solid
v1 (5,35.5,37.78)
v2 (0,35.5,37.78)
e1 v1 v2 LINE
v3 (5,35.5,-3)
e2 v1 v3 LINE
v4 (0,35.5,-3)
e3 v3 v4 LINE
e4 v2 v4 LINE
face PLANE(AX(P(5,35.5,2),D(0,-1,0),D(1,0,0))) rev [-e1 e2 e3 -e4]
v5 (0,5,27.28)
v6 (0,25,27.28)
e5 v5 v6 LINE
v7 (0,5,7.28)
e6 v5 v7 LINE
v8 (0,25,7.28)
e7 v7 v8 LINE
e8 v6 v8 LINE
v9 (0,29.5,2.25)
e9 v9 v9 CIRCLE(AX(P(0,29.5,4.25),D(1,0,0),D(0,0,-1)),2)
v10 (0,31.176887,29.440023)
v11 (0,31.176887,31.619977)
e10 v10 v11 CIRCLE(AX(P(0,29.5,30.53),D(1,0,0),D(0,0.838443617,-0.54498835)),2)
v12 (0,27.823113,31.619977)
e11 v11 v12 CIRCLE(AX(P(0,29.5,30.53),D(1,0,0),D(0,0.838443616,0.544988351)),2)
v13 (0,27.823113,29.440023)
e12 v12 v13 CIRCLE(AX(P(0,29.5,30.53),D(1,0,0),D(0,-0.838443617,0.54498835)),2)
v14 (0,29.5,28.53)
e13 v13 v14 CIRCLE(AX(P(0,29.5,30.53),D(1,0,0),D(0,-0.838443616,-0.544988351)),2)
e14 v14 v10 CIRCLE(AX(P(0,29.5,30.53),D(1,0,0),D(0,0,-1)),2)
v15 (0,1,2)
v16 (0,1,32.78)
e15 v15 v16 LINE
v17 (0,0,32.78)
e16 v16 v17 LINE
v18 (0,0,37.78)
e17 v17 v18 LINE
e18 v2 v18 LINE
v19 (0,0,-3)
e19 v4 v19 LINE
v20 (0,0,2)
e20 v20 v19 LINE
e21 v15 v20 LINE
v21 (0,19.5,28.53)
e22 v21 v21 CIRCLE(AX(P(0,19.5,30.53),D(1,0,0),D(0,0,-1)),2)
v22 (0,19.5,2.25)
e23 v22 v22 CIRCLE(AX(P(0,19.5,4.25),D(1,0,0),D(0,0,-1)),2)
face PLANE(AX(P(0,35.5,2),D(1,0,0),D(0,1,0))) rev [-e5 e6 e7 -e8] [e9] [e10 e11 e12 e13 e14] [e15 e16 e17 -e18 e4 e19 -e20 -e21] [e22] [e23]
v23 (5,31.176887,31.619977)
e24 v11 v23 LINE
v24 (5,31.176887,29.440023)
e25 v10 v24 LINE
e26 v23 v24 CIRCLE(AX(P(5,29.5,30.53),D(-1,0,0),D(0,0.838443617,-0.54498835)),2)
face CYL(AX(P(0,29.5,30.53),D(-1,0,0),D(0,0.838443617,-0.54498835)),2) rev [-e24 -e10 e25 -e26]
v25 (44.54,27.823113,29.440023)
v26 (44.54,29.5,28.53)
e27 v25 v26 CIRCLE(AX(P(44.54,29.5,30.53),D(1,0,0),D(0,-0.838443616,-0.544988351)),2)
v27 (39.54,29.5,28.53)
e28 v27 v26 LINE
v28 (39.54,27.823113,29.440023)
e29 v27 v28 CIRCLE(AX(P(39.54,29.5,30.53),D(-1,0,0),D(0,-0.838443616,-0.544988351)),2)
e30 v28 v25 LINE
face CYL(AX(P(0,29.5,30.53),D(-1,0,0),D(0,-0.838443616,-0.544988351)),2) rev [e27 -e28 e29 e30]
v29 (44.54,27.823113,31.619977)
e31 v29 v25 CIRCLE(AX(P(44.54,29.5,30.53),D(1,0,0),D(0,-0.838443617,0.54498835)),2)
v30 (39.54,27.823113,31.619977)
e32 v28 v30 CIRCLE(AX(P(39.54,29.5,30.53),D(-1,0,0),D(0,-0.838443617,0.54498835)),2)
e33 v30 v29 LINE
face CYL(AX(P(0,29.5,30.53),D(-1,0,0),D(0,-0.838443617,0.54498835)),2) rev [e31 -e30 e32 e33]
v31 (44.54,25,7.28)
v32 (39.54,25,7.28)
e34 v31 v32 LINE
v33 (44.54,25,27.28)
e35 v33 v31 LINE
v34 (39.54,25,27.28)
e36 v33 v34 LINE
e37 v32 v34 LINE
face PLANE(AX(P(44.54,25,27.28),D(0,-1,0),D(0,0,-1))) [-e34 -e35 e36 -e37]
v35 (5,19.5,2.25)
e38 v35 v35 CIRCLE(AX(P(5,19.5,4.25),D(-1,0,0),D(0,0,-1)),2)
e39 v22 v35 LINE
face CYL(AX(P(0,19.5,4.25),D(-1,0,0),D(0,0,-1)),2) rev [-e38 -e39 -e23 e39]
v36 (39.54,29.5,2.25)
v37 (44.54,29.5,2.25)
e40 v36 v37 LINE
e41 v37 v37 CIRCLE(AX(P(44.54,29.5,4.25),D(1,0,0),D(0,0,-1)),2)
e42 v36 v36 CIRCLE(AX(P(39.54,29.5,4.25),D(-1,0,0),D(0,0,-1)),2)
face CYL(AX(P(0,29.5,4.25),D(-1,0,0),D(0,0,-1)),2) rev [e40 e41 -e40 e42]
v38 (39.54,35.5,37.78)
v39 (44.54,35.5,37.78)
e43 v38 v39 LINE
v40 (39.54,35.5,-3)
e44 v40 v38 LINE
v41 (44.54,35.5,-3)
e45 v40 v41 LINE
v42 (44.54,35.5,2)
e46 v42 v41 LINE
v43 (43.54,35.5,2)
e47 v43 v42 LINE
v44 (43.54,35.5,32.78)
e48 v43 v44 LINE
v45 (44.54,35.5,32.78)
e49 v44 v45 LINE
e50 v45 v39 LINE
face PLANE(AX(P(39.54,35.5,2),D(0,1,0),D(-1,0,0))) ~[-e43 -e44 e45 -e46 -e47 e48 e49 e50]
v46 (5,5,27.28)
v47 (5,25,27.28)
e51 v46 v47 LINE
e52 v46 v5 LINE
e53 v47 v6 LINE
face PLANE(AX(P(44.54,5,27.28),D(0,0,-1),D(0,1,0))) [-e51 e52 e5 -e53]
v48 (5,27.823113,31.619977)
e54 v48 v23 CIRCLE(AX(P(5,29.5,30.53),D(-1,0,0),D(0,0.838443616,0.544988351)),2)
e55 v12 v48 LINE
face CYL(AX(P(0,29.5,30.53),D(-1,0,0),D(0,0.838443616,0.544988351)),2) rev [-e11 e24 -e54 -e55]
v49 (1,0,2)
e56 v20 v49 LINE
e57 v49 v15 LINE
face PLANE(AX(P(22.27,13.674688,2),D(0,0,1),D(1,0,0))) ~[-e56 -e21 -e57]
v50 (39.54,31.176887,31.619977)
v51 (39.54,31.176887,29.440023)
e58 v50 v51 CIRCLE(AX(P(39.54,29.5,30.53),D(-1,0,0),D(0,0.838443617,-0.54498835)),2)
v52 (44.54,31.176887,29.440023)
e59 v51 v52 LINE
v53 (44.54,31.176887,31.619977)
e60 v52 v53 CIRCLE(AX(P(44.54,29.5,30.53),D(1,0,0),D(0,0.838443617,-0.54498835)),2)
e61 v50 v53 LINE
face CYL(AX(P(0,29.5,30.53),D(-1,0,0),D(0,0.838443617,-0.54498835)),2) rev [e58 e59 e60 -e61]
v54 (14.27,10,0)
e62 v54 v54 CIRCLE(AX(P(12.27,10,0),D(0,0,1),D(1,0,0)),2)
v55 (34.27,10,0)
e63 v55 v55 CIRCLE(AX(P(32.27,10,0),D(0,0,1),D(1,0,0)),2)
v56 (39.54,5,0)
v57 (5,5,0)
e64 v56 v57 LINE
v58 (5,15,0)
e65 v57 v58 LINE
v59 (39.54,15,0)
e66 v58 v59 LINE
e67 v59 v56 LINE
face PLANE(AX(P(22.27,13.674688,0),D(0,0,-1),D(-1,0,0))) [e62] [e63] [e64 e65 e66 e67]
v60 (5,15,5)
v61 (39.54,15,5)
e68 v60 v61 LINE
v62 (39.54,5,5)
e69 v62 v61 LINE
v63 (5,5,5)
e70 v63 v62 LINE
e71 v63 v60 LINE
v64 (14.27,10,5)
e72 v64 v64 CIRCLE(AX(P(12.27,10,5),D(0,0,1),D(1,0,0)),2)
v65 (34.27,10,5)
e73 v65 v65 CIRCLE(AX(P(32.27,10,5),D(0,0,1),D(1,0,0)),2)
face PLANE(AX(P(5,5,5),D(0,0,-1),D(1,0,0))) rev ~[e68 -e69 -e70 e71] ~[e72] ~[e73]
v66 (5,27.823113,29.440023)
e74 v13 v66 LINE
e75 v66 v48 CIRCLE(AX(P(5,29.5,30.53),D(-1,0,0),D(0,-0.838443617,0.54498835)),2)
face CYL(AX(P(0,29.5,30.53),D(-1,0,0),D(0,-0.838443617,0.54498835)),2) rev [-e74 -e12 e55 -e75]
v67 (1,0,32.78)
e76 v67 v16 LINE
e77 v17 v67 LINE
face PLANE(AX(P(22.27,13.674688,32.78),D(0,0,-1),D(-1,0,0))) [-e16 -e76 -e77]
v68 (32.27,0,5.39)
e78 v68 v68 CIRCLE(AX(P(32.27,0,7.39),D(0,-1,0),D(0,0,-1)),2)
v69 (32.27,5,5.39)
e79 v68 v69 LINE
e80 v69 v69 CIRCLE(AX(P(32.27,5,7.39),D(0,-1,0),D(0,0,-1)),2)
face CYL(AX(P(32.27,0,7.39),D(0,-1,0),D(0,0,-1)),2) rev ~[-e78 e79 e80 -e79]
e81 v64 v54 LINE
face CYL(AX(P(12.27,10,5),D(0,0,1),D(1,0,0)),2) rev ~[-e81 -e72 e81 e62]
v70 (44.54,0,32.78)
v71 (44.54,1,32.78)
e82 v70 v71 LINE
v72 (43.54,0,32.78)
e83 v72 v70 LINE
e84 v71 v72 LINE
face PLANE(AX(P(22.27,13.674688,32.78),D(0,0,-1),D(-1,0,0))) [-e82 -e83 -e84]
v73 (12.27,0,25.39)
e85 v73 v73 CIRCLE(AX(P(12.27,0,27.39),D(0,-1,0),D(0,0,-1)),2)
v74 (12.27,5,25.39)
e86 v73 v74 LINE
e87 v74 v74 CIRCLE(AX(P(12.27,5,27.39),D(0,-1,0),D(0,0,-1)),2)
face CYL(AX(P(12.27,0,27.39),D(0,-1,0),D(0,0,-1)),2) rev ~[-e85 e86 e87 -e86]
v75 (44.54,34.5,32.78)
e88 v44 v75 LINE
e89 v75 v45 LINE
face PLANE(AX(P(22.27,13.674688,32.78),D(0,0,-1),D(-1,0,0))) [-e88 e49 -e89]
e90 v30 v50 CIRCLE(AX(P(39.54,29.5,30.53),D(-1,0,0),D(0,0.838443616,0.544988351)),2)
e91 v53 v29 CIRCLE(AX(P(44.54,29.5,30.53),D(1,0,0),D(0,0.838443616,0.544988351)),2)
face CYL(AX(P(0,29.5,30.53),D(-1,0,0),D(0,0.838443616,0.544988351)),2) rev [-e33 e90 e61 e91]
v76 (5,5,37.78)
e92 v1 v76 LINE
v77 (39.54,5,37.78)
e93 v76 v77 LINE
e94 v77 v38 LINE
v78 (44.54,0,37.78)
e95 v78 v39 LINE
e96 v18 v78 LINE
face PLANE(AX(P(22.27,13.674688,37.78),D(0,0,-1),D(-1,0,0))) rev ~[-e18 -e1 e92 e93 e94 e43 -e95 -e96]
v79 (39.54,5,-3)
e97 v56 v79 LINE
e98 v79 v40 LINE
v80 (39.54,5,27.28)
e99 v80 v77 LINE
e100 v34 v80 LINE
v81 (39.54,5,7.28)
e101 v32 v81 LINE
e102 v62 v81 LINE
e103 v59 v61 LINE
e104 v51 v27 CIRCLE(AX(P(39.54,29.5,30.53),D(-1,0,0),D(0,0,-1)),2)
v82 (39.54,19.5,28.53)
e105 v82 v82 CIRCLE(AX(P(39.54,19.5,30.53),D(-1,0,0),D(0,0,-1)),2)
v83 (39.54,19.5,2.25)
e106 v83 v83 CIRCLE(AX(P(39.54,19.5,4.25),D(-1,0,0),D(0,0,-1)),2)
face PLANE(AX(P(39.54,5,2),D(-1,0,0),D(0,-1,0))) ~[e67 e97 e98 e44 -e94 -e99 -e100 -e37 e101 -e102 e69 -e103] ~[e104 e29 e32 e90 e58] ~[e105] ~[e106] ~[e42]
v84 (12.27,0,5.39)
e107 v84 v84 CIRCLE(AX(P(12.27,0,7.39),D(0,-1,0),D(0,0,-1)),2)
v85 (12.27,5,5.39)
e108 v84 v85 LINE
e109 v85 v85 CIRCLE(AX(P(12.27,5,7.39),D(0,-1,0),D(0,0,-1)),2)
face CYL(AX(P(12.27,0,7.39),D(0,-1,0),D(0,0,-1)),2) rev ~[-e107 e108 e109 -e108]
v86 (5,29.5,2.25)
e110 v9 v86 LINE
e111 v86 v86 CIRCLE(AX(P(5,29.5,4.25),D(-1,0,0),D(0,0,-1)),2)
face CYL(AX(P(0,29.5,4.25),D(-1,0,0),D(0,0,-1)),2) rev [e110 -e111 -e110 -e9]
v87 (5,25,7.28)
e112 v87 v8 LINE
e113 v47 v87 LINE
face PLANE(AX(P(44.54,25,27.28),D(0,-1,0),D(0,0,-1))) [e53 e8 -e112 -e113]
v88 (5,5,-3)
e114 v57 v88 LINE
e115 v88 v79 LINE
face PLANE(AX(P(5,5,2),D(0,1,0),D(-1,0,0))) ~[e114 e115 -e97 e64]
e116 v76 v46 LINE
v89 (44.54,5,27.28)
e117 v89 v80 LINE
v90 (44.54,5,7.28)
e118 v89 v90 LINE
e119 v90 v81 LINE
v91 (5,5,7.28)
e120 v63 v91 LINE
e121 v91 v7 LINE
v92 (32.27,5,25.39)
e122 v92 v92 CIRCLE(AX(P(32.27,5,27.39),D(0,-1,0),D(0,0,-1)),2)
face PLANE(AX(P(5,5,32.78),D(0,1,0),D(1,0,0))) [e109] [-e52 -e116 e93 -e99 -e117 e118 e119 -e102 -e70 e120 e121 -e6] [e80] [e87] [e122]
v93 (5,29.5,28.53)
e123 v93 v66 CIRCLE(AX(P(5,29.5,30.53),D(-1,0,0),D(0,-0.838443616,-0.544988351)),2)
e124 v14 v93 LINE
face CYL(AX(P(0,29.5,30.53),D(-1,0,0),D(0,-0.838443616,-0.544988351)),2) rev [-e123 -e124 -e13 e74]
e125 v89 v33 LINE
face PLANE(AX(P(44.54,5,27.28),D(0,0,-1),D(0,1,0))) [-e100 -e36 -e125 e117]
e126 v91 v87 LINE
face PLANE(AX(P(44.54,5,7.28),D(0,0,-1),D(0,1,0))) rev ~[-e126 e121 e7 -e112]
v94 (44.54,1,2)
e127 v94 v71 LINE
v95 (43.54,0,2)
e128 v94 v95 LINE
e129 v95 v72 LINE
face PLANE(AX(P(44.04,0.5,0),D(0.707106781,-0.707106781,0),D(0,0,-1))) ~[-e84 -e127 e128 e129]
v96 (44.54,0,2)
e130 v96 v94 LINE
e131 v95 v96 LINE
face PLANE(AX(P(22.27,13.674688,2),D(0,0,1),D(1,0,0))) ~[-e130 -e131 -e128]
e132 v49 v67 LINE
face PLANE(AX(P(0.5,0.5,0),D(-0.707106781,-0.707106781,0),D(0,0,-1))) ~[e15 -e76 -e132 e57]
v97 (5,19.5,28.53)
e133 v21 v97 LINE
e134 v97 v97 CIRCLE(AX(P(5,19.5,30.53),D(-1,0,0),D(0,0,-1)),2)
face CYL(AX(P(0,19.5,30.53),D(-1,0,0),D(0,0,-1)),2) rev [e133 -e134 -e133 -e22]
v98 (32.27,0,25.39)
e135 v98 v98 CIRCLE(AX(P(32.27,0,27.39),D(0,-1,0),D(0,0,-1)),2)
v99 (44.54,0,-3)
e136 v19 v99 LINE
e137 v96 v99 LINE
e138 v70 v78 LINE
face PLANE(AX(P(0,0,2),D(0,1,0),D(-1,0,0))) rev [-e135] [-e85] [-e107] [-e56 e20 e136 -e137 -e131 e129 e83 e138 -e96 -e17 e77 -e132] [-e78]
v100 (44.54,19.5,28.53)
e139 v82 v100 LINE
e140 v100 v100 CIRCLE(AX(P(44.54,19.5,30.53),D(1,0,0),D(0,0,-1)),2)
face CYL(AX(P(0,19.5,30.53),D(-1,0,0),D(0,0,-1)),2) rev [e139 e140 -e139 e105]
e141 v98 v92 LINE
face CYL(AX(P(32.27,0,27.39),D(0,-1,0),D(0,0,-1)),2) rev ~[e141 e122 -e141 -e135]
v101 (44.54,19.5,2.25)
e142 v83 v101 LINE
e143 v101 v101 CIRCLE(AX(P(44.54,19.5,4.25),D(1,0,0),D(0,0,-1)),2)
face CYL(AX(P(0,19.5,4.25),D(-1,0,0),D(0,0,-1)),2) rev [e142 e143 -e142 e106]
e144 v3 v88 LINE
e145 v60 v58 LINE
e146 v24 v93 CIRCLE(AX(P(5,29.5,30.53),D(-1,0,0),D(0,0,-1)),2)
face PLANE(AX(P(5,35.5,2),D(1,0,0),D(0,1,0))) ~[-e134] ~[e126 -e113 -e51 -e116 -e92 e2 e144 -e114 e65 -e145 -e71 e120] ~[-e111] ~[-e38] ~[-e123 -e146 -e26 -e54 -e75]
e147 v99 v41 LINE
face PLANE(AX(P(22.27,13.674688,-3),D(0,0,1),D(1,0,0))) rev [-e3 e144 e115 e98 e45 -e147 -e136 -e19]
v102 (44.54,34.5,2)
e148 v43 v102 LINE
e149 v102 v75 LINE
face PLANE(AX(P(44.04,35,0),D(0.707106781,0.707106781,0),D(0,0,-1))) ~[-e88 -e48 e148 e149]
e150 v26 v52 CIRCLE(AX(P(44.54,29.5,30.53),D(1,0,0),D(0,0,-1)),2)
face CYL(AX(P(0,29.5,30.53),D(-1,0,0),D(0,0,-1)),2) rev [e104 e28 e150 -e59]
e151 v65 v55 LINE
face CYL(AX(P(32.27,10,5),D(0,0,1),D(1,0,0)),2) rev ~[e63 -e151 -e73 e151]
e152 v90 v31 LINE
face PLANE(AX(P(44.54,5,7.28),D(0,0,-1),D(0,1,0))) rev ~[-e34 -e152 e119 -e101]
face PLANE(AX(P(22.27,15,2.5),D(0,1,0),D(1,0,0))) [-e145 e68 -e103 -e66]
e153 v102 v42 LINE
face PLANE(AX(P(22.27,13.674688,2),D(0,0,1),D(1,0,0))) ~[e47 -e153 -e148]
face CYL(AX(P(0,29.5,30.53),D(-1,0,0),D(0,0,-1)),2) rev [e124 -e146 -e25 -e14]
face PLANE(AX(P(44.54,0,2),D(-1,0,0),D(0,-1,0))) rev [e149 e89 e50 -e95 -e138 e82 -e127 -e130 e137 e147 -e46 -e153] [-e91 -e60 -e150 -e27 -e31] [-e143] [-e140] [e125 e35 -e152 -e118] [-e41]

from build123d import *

# Parameters (mm, degrees)
EXTRUDE_2_DEPTH     = 34.78
CUT_EXTRUDE_1_REACH = 68.736
SKETCH_2_W          = 20
SKETCH_2_H          = 20
CHAMFER_1_SIZE      = 1
CUT_EXTRUDE_START   = -44.54
SKETCH_3_R          = 2
CUT_EXTRUDE_2_DEPTH = 44.54
SKETCH_4_R          = 2
CUT_EXTRUDE_3_DEPTH = 5
SKETCH_6_W          = 34.54
SKETCH_6_H          = 5
EXTRUDE_3_DEPTH     = 10
SKETCH_8_R          = 2
CUT_EXTRUDE_4_DEPTH = 5
EXTRUDE_START       = -2
EXTRUDE_4_DEPTH     = 5


with BuildPart() as part:
    # 草图1 → 凸台-拉伸2 (new body)
    with BuildSketch(Plane.XY):
        Polygon((0, 0), (0, 35.5), (5, 35.5), (5, 5), (39.54, 5), (39.54, 35.5), (44.54, 35.5), (44.54, 0), align=None)
    extrude(amount=EXTRUDE_2_DEPTH)

    # 切除-拉伸1: up to this face of the body (flat: up to its plane)
    cut_extrude_1_end = Plane(part.part.faces().sort_by_distance((0, 17.75, 17.39))[0])
    # 草图2 → 切除-拉伸1 (cut, up to the picked face)
    with BuildSketch(Plane(origin=(44.54, 0, 0), x_dir=(0, 0, -1), z_dir=(1, 0, 0)), mode=Mode.PRIVATE) as cut_extrude_1_sk1:
        with Locations((-17.28, 15)):
            Rectangle(SKETCH_2_W, SKETCH_2_H)
    cut_extrude_1_tool1 = split(extrude(cut_extrude_1_sk1.sketch, amount=-CUT_EXTRUDE_1_REACH, mode=Mode.PRIVATE), bisect_by=cut_extrude_1_end, keep=Keep.BOTH, mode=Mode.PRIVATE)
    add(cut_extrude_1_tool1.solids().sort_by(Axis((44.54, 15, 17.28), (-1, 0, 0)))[0], mode=Mode.SUBTRACT)

    # 倒角1
    chamfer_1_edges = [part.edges().sort_by_distance(p)[0] for p in [
        (44.54, 17.75, 0),
        (22.27, 0, 0),
        (0, 0, 17.39),
        (44.54, 35.5, 17.39),
        (44.54, 0, 17.39),
        (0, 17.75, 34.78),
        (22.27, 0, 34.78),
        (0, 17.75, 0),
        (44.54, 17.75, 34.78),
    ]]
    chamfer(chamfer_1_edges, length=CHAMFER_1_SIZE)

    # 草图3 → 切除-拉伸2 (cut)
    with BuildSketch(Plane(origin=(44.54, 0, 0), x_dir=(0, 0, -1), z_dir=(1, 0, 0)).offset(CUT_EXTRUDE_START)):
        with Locations((-30.53, 19.5)):
            Circle(SKETCH_3_R)
        with Locations((-4.25, 19.5)):
            Circle(SKETCH_3_R)
        with Locations((-4.25, 29.5)):
            Circle(SKETCH_3_R)
        with BuildLine():
            ThreePointArc((-31.619976701, 31.176887233), (-32.53, 29.5), (-31.619976701, 27.823112767))
            Line((-31.619976701, 27.823112767), (-30.53, 29.5))
            Line((-30.53, 29.5), (-31.619976701, 31.176887233))
        make_face()
        with BuildLine():
            Line((-30.53, 29.5), (-31.619976701, 27.823112767))
            ThreePointArc((-31.619976701, 27.823112767), (-30.53, 27.5), (-29.440023299, 27.823112767))
            Line((-29.440023299, 27.823112767), (-30.53, 29.5))
        make_face()
        with BuildLine():
            Line((-30.53, 29.5), (-29.440023299, 27.823112767))
            ThreePointArc((-29.440023299, 27.823112767), (-28.772167044, 28.546048587), (-28.53, 29.5))
            ThreePointArc((-28.53, 29.5), (-28.772167044, 30.453951413), (-29.440023299, 31.176887233))
            Line((-29.440023299, 31.176887233), (-30.53, 29.5))
        make_face()
        with BuildLine():
            ThreePointArc((-29.440023299, 31.176887233), (-30.53, 31.5), (-31.619976701, 31.176887233))
            Line((-31.619976701, 31.176887233), (-30.53, 29.5))
            Line((-30.53, 29.5), (-29.440023299, 31.176887233))
        make_face()
    extrude(amount=CUT_EXTRUDE_2_DEPTH, mode=Mode.SUBTRACT)

    # 草图4 → 切除-拉伸3 (cut)
    with BuildSketch(Plane.XZ):
        with Locations(Location((12.27, 7.39, 0), (0, 0, 270))):
            Circle(SKETCH_4_R)
        with Locations(Location((12.27, 27.39, 0), (0, 0, 270))):
            Circle(SKETCH_4_R)
        with Locations(Location((32.27, 27.39, 0), (0, 0, 270))):
            Circle(SKETCH_4_R)
        with Locations(Location((32.27, 7.39, 0), (0, 0, 270))):
            Circle(SKETCH_4_R)
    extrude(amount=-CUT_EXTRUDE_3_DEPTH, mode=Mode.SUBTRACT)

    # 草图6 → 凸台-拉伸3 (add)
    with BuildSketch(Plane(origin=(0, 5, 0), x_dir=(1, 0, 0), z_dir=(0, 1, 0))):
        with Locations((22.27, -2.5)):
            Rectangle(SKETCH_6_W, SKETCH_6_H)
    extrude(amount=EXTRUDE_3_DEPTH)

    # 草图8 → 切除-拉伸4 (cut)
    with BuildSketch(Plane.XY.offset(5)):
        with Locations((12.27, 10)):
            Circle(SKETCH_8_R)
        with Locations((32.27, 10)):
            Circle(SKETCH_8_R)
    extrude(amount=-CUT_EXTRUDE_4_DEPTH, mode=Mode.SUBTRACT)

    # 草图9 → 凸台-拉伸4 (add)
    with BuildSketch(Plane.XY.offset(34.78).offset(EXTRUDE_START)):
        Polygon((44.54, 34.5), (44.54, 1), (44.54, 0), (43.54, 0), (1, 0), (0, 0), (0, 1), (0, 35.5), (1, 35.5), (5, 35.5), (5, 5), (39.54, 5), (39.54, 35.5), (44.54, 35.5), align=None)
    extrude_4 = extrude(amount=EXTRUDE_4_DEPTH)

    # 镜向1: 凸台-拉伸4 across plane
    add(extrude_4.mirror(Plane(origin=(0, 0, 17.39), x_dir=(1, 0, 0), z_dir=(0, 0, -1))))


solid = part.part
